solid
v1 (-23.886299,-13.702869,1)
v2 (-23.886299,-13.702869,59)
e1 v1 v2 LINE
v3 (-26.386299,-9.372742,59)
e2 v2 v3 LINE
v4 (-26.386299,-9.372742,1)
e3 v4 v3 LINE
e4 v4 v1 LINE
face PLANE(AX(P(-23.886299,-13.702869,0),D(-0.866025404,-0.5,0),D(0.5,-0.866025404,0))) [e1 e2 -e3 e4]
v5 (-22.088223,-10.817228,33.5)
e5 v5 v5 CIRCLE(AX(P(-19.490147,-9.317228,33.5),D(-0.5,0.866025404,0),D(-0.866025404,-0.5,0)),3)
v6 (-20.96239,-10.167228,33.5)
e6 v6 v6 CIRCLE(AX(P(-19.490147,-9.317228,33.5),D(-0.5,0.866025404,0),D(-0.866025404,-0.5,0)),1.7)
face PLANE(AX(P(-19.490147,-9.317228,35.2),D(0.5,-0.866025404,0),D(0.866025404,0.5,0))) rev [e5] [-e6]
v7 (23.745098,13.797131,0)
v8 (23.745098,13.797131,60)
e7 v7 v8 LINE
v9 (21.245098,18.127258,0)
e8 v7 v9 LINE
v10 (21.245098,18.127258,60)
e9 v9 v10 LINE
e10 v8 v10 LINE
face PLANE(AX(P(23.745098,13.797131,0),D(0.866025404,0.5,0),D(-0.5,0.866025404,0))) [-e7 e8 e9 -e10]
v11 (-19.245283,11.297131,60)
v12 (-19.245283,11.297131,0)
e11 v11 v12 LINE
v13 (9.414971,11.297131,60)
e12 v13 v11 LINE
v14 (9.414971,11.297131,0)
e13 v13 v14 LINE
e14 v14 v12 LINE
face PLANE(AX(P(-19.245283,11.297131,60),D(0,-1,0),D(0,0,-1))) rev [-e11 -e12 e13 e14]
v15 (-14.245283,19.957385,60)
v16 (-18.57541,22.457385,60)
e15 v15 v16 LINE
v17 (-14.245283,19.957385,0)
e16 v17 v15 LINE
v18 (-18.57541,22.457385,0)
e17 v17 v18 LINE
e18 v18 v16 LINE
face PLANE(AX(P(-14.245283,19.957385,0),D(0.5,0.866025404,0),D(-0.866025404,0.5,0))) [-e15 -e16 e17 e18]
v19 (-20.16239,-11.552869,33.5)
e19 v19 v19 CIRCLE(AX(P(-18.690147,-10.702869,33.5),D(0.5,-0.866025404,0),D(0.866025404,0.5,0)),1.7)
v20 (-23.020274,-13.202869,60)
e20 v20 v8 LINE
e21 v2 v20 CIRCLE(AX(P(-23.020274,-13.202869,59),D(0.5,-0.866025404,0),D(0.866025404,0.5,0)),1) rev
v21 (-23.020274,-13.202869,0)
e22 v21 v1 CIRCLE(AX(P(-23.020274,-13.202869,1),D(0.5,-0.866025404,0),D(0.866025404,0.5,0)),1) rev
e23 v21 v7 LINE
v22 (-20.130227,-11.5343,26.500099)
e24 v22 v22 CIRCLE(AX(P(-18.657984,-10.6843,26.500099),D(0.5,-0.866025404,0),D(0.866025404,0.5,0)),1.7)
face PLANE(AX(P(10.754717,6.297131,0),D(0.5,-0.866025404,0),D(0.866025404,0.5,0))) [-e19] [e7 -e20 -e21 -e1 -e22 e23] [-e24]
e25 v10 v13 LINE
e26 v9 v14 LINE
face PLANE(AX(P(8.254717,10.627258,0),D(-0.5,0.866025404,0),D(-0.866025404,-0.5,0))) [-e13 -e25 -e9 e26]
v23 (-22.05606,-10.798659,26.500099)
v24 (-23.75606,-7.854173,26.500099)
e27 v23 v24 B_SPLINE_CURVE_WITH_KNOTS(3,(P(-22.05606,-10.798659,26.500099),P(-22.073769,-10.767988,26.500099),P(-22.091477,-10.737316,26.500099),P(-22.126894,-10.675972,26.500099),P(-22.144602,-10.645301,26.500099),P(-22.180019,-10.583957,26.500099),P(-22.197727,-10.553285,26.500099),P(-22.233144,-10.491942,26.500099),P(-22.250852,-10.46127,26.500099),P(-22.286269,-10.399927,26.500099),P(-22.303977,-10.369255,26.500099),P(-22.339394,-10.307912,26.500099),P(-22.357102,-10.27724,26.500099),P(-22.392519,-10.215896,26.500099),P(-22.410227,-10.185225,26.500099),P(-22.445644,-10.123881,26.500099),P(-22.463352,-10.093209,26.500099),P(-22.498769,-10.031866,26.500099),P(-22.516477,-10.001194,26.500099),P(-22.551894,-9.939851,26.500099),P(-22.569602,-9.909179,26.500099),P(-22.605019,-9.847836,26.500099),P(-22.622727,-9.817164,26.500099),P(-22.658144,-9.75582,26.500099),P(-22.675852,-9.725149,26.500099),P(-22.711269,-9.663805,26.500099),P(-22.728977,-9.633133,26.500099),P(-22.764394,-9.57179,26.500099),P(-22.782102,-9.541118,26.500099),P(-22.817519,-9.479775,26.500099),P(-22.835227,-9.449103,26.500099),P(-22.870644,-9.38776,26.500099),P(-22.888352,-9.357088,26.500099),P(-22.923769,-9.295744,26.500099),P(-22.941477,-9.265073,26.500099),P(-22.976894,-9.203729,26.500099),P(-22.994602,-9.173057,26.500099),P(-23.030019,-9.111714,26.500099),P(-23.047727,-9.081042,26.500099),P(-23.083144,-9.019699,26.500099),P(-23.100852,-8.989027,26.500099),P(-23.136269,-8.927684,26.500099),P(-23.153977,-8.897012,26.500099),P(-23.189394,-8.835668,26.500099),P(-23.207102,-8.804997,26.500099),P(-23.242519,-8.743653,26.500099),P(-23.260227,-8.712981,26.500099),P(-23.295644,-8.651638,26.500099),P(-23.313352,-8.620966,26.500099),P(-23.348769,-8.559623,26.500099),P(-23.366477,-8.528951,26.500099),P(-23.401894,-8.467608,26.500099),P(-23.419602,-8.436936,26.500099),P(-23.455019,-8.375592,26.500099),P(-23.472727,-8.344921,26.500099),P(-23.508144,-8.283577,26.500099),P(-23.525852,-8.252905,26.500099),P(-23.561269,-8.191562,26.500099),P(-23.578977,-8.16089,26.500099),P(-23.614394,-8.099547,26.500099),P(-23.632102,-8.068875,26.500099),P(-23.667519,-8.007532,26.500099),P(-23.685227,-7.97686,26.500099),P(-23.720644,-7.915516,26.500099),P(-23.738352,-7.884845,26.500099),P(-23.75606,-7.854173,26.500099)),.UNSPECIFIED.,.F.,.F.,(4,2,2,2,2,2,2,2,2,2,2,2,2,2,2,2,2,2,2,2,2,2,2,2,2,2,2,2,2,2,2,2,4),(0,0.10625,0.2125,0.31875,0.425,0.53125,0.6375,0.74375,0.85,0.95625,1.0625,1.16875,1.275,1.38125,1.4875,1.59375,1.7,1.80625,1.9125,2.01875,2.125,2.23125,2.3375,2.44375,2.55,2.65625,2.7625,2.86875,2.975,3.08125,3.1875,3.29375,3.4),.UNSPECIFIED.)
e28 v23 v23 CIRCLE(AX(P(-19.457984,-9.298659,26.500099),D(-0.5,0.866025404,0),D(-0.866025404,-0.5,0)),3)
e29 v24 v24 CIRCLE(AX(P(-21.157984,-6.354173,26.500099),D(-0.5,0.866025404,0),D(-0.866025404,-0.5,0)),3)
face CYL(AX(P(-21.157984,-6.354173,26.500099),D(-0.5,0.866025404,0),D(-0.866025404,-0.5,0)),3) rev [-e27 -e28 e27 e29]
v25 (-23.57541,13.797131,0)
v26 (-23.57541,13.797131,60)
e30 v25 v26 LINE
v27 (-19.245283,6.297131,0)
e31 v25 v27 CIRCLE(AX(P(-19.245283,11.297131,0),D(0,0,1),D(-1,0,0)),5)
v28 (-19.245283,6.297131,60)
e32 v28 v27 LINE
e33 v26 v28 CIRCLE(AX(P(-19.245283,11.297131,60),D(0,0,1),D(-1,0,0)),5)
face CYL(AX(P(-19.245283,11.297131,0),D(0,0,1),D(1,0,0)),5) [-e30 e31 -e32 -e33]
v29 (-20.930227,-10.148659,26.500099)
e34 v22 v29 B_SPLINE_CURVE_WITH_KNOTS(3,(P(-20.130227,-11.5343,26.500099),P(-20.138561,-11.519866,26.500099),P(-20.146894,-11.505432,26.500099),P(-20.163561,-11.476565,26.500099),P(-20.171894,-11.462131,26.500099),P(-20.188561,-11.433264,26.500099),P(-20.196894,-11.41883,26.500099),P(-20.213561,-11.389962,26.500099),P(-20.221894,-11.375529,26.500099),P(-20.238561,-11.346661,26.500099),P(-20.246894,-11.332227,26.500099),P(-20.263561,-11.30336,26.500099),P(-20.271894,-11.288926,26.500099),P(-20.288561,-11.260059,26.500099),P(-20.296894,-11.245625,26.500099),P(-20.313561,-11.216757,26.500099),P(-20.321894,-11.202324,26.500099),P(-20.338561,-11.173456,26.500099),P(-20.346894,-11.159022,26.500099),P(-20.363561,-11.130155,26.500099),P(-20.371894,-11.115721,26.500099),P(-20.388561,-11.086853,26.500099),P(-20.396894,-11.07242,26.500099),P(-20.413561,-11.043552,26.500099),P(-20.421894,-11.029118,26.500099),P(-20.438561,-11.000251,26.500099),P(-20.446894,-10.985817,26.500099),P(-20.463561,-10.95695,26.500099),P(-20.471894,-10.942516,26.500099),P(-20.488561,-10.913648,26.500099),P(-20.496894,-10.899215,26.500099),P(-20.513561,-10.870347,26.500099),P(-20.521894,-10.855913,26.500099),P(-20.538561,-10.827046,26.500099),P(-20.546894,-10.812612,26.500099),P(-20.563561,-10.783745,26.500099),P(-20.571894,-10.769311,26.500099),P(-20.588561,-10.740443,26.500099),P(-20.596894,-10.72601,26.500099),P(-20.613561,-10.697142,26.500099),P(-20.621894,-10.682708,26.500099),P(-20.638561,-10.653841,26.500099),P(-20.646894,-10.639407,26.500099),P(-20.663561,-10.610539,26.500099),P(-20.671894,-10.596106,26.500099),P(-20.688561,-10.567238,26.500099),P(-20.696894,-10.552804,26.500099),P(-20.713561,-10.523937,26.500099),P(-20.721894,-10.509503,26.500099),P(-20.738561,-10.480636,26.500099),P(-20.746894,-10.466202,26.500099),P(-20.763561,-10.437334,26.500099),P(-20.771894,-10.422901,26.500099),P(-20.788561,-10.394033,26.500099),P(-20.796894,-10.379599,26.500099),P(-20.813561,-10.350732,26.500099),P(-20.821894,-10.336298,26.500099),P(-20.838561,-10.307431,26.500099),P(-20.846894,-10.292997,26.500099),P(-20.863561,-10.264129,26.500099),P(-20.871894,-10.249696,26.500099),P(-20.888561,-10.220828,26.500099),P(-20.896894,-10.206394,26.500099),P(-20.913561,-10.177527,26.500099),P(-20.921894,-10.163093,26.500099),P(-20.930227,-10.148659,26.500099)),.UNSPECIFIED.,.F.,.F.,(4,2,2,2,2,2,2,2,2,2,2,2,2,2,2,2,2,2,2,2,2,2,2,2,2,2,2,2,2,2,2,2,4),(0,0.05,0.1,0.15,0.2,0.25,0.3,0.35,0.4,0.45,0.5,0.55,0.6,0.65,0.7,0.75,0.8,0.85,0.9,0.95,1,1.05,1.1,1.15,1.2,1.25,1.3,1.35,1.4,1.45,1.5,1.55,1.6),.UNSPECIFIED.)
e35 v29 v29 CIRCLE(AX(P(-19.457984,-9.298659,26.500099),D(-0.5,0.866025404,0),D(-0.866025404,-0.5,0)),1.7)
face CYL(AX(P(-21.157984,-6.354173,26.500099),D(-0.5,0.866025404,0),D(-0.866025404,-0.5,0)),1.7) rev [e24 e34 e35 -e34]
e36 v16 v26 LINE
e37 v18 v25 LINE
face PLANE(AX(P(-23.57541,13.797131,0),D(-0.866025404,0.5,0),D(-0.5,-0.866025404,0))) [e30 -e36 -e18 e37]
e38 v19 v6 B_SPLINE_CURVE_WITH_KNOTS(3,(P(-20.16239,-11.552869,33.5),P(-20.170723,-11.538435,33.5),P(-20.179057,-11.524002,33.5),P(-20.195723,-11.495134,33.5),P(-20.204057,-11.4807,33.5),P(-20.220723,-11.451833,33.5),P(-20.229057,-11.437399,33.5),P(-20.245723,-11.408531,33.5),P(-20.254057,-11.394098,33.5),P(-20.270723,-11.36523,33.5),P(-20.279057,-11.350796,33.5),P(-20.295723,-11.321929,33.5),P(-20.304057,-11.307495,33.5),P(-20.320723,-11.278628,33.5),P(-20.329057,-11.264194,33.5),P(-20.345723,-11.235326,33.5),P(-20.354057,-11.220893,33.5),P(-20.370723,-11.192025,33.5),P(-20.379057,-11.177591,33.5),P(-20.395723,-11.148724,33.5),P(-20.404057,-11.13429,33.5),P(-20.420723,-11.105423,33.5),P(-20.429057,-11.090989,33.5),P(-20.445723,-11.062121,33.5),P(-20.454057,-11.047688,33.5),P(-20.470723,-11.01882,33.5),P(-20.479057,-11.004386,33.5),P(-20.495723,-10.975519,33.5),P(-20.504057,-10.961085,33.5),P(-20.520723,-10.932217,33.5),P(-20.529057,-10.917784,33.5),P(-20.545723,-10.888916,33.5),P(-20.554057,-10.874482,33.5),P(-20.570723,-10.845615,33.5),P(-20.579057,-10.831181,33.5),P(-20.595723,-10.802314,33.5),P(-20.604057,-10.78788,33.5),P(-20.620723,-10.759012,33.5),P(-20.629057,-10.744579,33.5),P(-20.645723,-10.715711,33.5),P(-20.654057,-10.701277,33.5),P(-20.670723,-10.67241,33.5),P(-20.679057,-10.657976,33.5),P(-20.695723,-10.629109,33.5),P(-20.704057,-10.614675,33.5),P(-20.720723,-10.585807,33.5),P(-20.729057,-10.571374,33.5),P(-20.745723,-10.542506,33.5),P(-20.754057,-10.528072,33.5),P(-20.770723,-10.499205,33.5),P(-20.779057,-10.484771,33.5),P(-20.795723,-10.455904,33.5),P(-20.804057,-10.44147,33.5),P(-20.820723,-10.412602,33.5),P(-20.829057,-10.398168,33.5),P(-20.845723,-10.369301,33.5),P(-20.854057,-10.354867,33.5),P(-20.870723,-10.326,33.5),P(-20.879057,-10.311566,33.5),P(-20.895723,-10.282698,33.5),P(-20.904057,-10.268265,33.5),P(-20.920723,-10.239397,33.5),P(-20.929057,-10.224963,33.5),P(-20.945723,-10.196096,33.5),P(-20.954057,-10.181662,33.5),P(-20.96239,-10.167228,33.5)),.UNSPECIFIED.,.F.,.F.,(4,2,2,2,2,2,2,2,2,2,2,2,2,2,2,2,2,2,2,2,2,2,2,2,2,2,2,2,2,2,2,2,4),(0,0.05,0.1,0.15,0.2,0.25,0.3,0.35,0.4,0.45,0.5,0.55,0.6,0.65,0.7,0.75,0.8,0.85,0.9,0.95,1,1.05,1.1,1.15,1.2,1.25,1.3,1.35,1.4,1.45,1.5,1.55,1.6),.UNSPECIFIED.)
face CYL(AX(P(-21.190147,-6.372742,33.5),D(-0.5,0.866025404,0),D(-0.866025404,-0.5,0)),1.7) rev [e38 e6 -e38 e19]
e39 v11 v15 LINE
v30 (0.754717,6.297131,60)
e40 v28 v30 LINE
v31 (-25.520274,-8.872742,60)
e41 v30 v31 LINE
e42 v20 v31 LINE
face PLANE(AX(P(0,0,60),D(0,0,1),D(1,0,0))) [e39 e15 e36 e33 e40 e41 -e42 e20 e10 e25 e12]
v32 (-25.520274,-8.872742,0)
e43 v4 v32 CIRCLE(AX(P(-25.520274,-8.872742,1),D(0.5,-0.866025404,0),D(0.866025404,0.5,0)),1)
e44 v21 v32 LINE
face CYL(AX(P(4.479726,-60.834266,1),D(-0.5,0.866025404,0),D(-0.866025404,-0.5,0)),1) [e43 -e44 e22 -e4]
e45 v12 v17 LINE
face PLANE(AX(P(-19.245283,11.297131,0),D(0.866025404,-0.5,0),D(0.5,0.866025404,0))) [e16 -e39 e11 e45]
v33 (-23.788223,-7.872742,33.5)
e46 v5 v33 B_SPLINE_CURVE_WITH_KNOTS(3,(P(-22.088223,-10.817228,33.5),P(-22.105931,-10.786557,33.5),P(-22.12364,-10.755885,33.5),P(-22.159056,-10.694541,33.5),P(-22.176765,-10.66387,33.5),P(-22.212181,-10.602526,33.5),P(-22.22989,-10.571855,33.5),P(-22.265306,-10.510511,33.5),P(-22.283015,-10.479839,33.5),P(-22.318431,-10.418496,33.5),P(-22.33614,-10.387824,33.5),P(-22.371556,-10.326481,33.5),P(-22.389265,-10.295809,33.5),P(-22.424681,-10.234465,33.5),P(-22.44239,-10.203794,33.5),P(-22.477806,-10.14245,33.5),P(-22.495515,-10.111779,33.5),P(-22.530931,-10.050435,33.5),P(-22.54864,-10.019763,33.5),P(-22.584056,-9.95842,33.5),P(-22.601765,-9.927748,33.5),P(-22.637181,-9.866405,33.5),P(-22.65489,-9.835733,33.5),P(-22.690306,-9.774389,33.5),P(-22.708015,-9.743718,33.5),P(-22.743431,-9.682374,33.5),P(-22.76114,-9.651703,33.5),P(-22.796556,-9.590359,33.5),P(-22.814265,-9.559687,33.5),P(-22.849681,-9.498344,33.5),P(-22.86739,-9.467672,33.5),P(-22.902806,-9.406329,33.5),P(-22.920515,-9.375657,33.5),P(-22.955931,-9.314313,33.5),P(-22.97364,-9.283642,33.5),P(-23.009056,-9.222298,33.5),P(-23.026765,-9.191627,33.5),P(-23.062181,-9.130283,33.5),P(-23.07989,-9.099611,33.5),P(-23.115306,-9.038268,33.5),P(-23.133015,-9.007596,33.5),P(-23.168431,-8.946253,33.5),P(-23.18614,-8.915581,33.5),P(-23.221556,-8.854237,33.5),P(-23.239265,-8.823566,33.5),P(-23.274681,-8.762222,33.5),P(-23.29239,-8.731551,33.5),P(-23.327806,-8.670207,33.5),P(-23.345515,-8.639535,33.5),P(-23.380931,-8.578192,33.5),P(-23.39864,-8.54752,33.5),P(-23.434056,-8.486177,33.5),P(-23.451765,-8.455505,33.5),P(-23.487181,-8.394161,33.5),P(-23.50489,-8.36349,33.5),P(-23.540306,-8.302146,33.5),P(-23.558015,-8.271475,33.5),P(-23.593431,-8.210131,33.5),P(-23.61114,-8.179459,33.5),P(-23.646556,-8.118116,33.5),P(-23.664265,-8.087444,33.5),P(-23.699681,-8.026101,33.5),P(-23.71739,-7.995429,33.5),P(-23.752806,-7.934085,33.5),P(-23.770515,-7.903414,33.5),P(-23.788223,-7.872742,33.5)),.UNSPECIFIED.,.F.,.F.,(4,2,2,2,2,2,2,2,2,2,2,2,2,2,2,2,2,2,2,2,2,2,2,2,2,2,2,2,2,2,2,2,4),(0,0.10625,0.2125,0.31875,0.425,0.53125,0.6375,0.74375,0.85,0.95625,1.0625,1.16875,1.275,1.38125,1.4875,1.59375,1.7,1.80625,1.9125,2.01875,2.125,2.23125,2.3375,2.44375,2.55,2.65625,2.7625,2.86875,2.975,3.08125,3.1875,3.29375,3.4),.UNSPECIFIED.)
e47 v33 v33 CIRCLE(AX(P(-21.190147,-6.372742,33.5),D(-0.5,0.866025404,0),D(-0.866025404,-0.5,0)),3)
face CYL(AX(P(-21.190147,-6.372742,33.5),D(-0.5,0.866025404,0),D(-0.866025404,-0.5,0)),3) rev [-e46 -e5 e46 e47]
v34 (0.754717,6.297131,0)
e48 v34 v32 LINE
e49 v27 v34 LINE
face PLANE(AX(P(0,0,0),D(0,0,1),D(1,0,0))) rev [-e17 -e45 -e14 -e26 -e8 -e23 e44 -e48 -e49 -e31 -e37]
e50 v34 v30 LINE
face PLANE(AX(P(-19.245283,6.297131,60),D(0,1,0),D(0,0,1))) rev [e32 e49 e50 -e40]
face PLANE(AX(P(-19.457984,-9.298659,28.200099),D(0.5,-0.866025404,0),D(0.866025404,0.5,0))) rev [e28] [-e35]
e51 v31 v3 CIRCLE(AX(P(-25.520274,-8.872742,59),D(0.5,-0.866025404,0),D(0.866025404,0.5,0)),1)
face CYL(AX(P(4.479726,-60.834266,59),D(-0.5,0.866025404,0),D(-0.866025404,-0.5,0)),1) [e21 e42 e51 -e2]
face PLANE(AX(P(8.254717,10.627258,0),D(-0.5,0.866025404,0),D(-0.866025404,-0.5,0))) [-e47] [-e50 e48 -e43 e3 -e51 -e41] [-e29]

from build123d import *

# Parameters (mm, degrees)
SKETCH_1_W                          = 30
SKETCH_1_H                          = 5
EXTRUDE_1_DEPTH                     = 60
EXTRUDE_2_DEPTH                     = 60
EXTRUDE_3_DEPTH                     = 60
EXTRUDE_4_DEPTH                     = 60
HOLE_WIZARD_1_D                     = 3.4
HOLE_WIZARD_1_CBORE_D               = 6
HOLE_WIZARD_1_CBORE_DEPTH           = 3.4
HOLE_WIZARD_1_ON_FACE_2_D           = 3.4
HOLE_WIZARD_1_ON_FACE_2_CBORE_D     = 6
HOLE_WIZARD_1_ON_FACE_2_CBORE_DEPTH = 3.4
CUT_EXTRUDE_1_DEPTH                 = 60
CUT_EXTRUDE_2_DEPTH                 = 60


with BuildPart() as part:
    # 草图1 → 凸台-拉伸1 (new body)
    with BuildSketch(Plane.XY):
        with Locations((-4.245283019, 8.79713097)):
            Rectangle(SKETCH_1_W, SKETCH_1_H)
    extrude(amount=EXTRUDE_1_DEPTH)



with BuildPart() as body_2:
    # 草图2 → 凸台-拉伸2 (new body)
    with BuildSketch(Plane.XY.offset(60)):
        Polygon((-19.245283019, 11.29713097), (-14.245283019, 19.957385008), (-18.575410038, 22.457385008), (-23.575410038, 13.79713097), align=None)
    extrude(amount=-EXTRUDE_2_DEPTH)


with BuildPart() as part_1:
    add(part.part)

    add(body_2.part)  # 凸台-拉伸3 merges body 2
    # 草图3 → 凸台-拉伸3 (add)
    with BuildSketch(Plane.XY.offset(60)):
        with BuildLine():
            Line((-23.575410038, 13.79713097), (-19.245283019, 11.29713097))
            Line((-19.245283019, 11.29713097), (-19.245283019, 6.29713097))
            ThreePointArc((-19.245283019, 6.29713097), (-23.575410038, 8.79713097), (-23.575410038, 13.79713097))
        make_face()
    extrude(amount=-EXTRUDE_3_DEPTH)

    # 草图4 → 凸台-拉伸4 (add)
    with BuildSketch(Plane.XY.offset(60)):
        Polygon((10.754716981, 6.29713097), (-23.88629917, -13.70286903), (-26.38629917, -9.372742011), (8.254716981, 10.627257989), (21.245098038, 18.127257989), (23.745098038, 13.79713097), align=None)
    extrude(amount=-EXTRUDE_4_DEPTH)

    # 打孔尺寸(%根据)内六角圆柱头螺钉的类型1 (through all)
    with Locations(Plane(origin=(-21.157984096, -6.354172895, 26.500098518), x_dir=(0.866025403784, 0.5, 0), z_dir=(-0.5, 0.866025403784, 0))):
        with Locations((0, 0)):
            CounterBoreHole(HOLE_WIZARD_1_D / 2, HOLE_WIZARD_1_CBORE_D / 2, HOLE_WIZARD_1_CBORE_DEPTH)

    # 打孔尺寸(%根据)内六角圆柱头螺钉的类型1 on face 2 (through all)
    with Locations(Plane(origin=(-21.190146748, -6.372742011, 33.5), x_dir=(0.866025302838, 0.500000174844, 0), z_dir=(-0.500000174844, 0.866025302838, 0))):
        with Locations((0, 0)):
            CounterBoreHole(HOLE_WIZARD_1_ON_FACE_2_D / 2, HOLE_WIZARD_1_ON_FACE_2_CBORE_D / 2, HOLE_WIZARD_1_ON_FACE_2_CBORE_DEPTH)

    # 草图7 → 切除-拉伸1 (cut)
    with BuildSketch(Plane(origin=(-2.53805845, 4.396046189, 0), x_dir=(0.8660254037844416, 0.499999999999995, 0), z_dir=(-0.499999999999995, 0.8660254037844416, 0))):
        with BuildLine():
            Line((-26.537576399, 0), (-27.537576399, 0))
            Line((-27.537576399, 0), (-27.537576399, -1))
            ThreePointArc((-27.537576399, -1), (-27.24468318, -0.292893219), (-26.537576399, 0))
        make_face()
    extrude(amount=-CUT_EXTRUDE_1_DEPTH, mode=Mode.SUBTRACT)

    # 草图9 → 切除-拉伸2 (cut)
    with BuildSketch(Plane(origin=(-2.53805845, 4.396046189, 0), x_dir=(0.8660254037844416, 0.499999999999995, 0), z_dir=(-0.499999999999995, 0.8660254037844416, 0))):
        with BuildLine():
            Line((-27.537576399, -59), (-27.537576399, -60))
            Line((-27.537576399, -60), (-26.537576399, -60))
            ThreePointArc((-26.537576399, -60), (-27.24468318, -59.707106781), (-27.537576399, -59))
        make_face()
    extrude(amount=-CUT_EXTRUDE_2_DEPTH, mode=Mode.SUBTRACT)


solid = part_1.part
